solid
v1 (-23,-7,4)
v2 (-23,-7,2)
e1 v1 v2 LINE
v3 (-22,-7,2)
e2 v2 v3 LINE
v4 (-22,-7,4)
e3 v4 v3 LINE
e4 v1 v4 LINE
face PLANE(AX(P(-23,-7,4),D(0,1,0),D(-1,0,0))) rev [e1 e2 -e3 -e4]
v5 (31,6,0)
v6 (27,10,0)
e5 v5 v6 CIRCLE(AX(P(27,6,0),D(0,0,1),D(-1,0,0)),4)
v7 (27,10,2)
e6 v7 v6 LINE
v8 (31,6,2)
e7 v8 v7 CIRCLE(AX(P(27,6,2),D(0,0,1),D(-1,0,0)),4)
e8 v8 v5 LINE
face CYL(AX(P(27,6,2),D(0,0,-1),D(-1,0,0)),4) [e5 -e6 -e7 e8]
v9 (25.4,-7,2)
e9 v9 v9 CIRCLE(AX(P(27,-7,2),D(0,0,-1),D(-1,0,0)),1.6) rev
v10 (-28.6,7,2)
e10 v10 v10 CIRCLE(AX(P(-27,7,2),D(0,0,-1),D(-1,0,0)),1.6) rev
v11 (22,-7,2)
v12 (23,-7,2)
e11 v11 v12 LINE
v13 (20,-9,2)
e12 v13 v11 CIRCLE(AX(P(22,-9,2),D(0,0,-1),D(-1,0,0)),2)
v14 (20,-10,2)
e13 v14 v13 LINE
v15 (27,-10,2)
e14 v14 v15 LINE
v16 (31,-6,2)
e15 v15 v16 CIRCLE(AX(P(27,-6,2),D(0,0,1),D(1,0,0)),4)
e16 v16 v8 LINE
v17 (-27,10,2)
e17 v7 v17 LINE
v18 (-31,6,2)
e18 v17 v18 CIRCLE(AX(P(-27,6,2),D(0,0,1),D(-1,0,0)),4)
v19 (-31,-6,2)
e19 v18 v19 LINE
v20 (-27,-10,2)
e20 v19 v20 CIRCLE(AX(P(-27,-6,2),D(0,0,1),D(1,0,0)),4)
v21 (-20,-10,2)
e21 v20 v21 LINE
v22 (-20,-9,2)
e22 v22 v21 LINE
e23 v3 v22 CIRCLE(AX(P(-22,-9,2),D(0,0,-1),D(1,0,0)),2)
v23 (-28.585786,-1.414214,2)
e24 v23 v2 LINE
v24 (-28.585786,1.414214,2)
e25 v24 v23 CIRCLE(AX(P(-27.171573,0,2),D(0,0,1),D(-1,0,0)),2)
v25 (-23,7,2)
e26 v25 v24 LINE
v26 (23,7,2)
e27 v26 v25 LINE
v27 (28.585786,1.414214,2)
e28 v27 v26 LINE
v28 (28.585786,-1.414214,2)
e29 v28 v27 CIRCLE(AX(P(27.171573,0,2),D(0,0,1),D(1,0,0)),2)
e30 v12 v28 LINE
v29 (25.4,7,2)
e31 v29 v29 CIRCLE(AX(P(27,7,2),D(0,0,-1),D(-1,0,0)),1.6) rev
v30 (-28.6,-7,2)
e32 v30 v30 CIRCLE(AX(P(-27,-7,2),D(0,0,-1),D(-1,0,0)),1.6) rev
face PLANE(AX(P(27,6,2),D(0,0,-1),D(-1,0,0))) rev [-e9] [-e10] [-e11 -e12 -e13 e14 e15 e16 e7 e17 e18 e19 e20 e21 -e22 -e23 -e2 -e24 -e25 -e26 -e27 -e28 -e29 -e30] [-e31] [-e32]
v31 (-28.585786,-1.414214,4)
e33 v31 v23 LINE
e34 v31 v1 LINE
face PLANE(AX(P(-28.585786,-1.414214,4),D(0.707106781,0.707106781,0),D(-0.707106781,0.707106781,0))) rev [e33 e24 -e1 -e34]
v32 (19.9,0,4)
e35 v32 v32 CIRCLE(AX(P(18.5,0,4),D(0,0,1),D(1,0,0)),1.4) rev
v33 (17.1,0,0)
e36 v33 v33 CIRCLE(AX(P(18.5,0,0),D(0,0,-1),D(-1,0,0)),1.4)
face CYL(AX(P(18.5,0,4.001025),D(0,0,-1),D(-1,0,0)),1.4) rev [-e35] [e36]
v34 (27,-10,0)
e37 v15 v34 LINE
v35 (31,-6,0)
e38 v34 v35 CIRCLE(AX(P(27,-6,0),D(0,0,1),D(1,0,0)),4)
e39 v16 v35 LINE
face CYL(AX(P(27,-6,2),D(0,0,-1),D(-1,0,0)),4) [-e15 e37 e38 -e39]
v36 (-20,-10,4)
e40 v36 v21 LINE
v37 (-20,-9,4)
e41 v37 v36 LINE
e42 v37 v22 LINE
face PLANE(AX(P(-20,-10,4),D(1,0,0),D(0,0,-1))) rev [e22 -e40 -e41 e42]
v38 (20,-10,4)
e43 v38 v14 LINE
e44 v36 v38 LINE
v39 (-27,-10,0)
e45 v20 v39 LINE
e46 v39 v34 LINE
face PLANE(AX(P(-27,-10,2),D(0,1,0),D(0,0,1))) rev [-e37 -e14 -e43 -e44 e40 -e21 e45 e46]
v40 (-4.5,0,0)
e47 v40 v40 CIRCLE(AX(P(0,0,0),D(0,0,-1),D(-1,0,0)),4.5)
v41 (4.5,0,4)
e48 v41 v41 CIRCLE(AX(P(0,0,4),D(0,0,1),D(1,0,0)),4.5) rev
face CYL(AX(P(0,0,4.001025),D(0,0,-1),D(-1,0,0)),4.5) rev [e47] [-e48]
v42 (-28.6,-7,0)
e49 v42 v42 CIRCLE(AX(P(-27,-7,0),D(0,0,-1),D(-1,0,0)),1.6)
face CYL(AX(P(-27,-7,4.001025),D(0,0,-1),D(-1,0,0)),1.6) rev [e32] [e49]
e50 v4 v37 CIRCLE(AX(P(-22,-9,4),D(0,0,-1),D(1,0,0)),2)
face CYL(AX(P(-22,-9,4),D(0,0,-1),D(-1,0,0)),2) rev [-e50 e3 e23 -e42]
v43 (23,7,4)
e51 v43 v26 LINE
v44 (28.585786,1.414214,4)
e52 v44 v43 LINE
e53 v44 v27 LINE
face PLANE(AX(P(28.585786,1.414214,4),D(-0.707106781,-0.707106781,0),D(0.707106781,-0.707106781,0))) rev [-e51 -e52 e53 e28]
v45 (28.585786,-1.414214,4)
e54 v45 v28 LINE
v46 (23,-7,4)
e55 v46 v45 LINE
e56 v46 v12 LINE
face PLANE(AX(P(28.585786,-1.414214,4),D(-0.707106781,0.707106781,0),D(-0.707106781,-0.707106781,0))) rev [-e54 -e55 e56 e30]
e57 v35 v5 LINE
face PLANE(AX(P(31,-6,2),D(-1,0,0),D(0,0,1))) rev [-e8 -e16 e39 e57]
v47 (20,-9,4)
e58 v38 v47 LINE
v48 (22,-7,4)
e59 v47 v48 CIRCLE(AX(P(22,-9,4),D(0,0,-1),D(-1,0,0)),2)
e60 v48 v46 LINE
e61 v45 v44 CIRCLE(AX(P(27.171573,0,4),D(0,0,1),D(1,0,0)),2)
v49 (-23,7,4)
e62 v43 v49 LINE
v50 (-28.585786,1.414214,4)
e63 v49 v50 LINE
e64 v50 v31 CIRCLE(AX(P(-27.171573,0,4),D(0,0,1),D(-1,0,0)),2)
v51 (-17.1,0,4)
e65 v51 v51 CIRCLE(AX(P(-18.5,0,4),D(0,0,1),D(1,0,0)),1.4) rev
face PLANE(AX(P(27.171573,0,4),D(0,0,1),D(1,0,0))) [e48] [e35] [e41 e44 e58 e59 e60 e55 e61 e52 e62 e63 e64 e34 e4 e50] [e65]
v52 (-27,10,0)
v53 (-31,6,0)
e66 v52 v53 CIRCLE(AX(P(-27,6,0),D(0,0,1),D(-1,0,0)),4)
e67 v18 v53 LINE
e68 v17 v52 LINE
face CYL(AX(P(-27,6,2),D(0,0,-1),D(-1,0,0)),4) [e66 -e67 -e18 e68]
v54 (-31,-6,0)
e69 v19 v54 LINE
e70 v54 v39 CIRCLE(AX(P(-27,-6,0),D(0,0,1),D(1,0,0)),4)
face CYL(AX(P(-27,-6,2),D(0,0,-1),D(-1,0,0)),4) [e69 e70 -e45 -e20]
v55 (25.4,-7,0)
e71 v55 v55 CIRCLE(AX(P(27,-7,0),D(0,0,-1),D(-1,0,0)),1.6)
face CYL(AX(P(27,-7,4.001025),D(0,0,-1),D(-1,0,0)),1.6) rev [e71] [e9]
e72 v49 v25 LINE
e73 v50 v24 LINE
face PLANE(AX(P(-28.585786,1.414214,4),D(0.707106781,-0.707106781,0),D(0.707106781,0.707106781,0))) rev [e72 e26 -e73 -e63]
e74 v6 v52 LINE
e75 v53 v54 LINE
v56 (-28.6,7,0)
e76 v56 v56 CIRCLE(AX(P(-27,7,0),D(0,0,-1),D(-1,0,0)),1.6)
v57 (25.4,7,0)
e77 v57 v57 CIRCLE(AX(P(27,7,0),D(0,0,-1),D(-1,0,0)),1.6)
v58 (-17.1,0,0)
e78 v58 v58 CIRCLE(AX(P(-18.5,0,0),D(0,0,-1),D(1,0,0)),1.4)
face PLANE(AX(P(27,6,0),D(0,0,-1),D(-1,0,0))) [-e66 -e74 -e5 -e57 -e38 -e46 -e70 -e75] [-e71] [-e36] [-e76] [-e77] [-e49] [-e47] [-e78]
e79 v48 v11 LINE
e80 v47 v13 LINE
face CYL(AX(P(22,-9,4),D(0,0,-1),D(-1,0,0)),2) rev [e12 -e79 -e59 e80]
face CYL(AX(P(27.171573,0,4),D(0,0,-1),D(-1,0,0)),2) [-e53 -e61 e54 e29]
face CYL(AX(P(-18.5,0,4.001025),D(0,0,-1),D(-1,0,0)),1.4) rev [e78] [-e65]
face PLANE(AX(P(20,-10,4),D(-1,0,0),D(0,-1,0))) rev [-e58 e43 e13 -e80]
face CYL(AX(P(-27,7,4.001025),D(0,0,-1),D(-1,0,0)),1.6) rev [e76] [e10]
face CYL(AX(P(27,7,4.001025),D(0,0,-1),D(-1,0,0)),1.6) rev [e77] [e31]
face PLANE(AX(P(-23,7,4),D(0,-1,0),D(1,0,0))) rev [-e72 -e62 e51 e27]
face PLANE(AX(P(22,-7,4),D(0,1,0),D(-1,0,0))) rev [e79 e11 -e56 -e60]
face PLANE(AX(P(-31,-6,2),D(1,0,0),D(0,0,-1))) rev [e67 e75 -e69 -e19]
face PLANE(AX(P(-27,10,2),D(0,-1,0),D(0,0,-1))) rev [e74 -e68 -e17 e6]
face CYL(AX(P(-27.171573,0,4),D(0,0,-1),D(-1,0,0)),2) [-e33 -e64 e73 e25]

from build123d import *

# Parameters (mm, degrees)
BOSS_EXTRUDE1_DEPTH = 2
BOSS_EXTRUDE2_DEPTH = 2
CUT_EXTRUDE1_REACH  = 34.818
SKETCH4_R           = 4.5
SKETCH4_R_2         = 1.4
CUT_EXTRUDE2_REACH  = 34.818
SKETCH5_R           = 1.6


with BuildPart() as part:
    # Sketch2 → Boss-Extrude1 (new body)
    with BuildSketch(Plane.XY):
        with BuildLine():
            Line((-27, -10), (27, -10))
            ThreePointArc((27, -10), (29.828427125, -8.828427125), (31, -6))
            Line((31, -6), (31, 6))
            ThreePointArc((31, 6), (29.828427125, 8.828427125), (27, 10))
            Line((27, 10), (-27, 10))
            ThreePointArc((-27, 10), (-29.828427125, 8.828427125), (-31, 6))
            Line((-31, 6), (-31, -6))
            ThreePointArc((-31, -6), (-29.828427125, -8.828427125), (-27, -10))
        make_face()
    extrude(amount=BOSS_EXTRUDE1_DEPTH)

    # Sketch3 → Boss-Extrude2 (add)
    with BuildSketch(Plane.XY.offset(2)):
        with BuildLine():
            Line((-28.585786438, 1.414213562), (-23, 7))
            Line((-23, 7), (23, 7))
            Line((23, 7), (28.585786438, 1.414213562))
            ThreePointArc((28.585786438, 1.414213562), (29.171572875, 0), (28.585786438, -1.414213562))
            Line((28.585786438, -1.414213562), (23, -7))
            Line((23, -7), (22, -7))
            ThreePointArc((22, -7), (20.585786438, -7.585786438), (20, -9))
            Line((20, -9), (20, -10))
            Line((20, -10), (-20, -10))
            Line((-20, -10), (-20, -9))
            ThreePointArc((-20, -9), (-20.585786438, -7.585786438), (-22, -7))
            Line((-22, -7), (-23, -7))
            Line((-23, -7), (-28.585786438, -1.414213562))
            ThreePointArc((-28.585786438, -1.414213562), (-29.171572875, 0), (-28.585786438, 1.414213562))
        make_face()
    extrude(amount=BOSS_EXTRUDE2_DEPTH)

    # Sketch4 → Cut-Extrude1 (cut, up to next)
    with BuildSketch(Plane(origin=(0, 0, 0), x_dir=(-1, 0, 0), z_dir=(0, 0, -1)), mode=Mode.PRIVATE) as cut_extrude1_sk1:
        Circle(SKETCH4_R)
    cut_extrude1_tool1 = extrude(cut_extrude1_sk1.sketch, amount=-CUT_EXTRUDE1_REACH, mode=Mode.PRIVATE) & part.part
    # Sketch4 → Cut-Extrude1 (cut, up to next)
    with BuildSketch(Plane(origin=(0, 0, 0), x_dir=(-1, 0, 0), z_dir=(0, 0, -1)), mode=Mode.PRIVATE) as cut_extrude1_sk2:
        with Locations((-18.5, 0)):
            Circle(SKETCH4_R_2)
    cut_extrude1_tool2 = extrude(cut_extrude1_sk2.sketch, amount=-CUT_EXTRUDE1_REACH, mode=Mode.PRIVATE) & part.part
    # Sketch4 → Cut-Extrude1 (cut, up to next)
    with BuildSketch(Plane(origin=(0, 0, 0), x_dir=(-1, 0, 0), z_dir=(0, 0, -1)), mode=Mode.PRIVATE) as cut_extrude1_sk3:
        with Locations(Location((18.5, 0, 0), (0, 0, 180))):
            Circle(SKETCH4_R_2)
    cut_extrude1_tool3 = extrude(cut_extrude1_sk3.sketch, amount=-CUT_EXTRUDE1_REACH, mode=Mode.PRIVATE) & part.part
    add(cut_extrude1_tool1.solids().sort_by_distance((0, 0, 0))[0], mode=Mode.SUBTRACT)
    add(cut_extrude1_tool2.solids().sort_by_distance((18.5, 0, 0))[0], mode=Mode.SUBTRACT)
    add(cut_extrude1_tool3.solids().sort_by_distance((-18.5, 0, 0))[0], mode=Mode.SUBTRACT)

    # Sketch5 → Cut-Extrude2 (cut, up to next)
    with BuildSketch(Plane(origin=(0, 0, 0), x_dir=(-1, 0, 0), z_dir=(0, 0, -1)), mode=Mode.PRIVATE) as cut_extrude2_sk1:
        with Locations((-27, 7)):
            Circle(SKETCH5_R)
    cut_extrude2_tool1 = extrude(cut_extrude2_sk1.sketch, amount=-CUT_EXTRUDE2_REACH, mode=Mode.PRIVATE) & part.part
    # Sketch5 → Cut-Extrude2 (cut, up to next)
    with BuildSketch(Plane(origin=(0, 0, 0), x_dir=(-1, 0, 0), z_dir=(0, 0, -1)), mode=Mode.PRIVATE) as cut_extrude2_sk2:
        with Locations((27, 7)):
            Circle(SKETCH5_R)
    cut_extrude2_tool2 = extrude(cut_extrude2_sk2.sketch, amount=-CUT_EXTRUDE2_REACH, mode=Mode.PRIVATE) & part.part
    # Sketch5 → Cut-Extrude2 (cut, up to next)
    with BuildSketch(Plane(origin=(0, 0, 0), x_dir=(-1, 0, 0), z_dir=(0, 0, -1)), mode=Mode.PRIVATE) as cut_extrude2_sk3:
        with Locations((27, -7)):
            Circle(SKETCH5_R)
    cut_extrude2_tool3 = extrude(cut_extrude2_sk3.sketch, amount=-CUT_EXTRUDE2_REACH, mode=Mode.PRIVATE) & part.part
    # Sketch5 → Cut-Extrude2 (cut, up to next)
    with BuildSketch(Plane(origin=(0, 0, 0), x_dir=(-1, 0, 0), z_dir=(0, 0, -1)), mode=Mode.PRIVATE) as cut_extrude2_sk4:
        with Locations((-27, -7)):
            Circle(SKETCH5_R)
    cut_extrude2_tool4 = extrude(cut_extrude2_sk4.sketch, amount=-CUT_EXTRUDE2_REACH, mode=Mode.PRIVATE) & part.part
    add(cut_extrude2_tool1.solids().sort_by_distance((27, 7, 0))[0], mode=Mode.SUBTRACT)
    add(cut_extrude2_tool2.solids().sort_by_distance((-27, 7, 0))[0], mode=Mode.SUBTRACT)
    add(cut_extrude2_tool3.solids().sort_by_distance((-27, -7, 0))[0], mode=Mode.SUBTRACT)
    add(cut_extrude2_tool4.solids().sort_by_distance((27, -7, 0))[0], mode=Mode.SUBTRACT)


solid = part.part
